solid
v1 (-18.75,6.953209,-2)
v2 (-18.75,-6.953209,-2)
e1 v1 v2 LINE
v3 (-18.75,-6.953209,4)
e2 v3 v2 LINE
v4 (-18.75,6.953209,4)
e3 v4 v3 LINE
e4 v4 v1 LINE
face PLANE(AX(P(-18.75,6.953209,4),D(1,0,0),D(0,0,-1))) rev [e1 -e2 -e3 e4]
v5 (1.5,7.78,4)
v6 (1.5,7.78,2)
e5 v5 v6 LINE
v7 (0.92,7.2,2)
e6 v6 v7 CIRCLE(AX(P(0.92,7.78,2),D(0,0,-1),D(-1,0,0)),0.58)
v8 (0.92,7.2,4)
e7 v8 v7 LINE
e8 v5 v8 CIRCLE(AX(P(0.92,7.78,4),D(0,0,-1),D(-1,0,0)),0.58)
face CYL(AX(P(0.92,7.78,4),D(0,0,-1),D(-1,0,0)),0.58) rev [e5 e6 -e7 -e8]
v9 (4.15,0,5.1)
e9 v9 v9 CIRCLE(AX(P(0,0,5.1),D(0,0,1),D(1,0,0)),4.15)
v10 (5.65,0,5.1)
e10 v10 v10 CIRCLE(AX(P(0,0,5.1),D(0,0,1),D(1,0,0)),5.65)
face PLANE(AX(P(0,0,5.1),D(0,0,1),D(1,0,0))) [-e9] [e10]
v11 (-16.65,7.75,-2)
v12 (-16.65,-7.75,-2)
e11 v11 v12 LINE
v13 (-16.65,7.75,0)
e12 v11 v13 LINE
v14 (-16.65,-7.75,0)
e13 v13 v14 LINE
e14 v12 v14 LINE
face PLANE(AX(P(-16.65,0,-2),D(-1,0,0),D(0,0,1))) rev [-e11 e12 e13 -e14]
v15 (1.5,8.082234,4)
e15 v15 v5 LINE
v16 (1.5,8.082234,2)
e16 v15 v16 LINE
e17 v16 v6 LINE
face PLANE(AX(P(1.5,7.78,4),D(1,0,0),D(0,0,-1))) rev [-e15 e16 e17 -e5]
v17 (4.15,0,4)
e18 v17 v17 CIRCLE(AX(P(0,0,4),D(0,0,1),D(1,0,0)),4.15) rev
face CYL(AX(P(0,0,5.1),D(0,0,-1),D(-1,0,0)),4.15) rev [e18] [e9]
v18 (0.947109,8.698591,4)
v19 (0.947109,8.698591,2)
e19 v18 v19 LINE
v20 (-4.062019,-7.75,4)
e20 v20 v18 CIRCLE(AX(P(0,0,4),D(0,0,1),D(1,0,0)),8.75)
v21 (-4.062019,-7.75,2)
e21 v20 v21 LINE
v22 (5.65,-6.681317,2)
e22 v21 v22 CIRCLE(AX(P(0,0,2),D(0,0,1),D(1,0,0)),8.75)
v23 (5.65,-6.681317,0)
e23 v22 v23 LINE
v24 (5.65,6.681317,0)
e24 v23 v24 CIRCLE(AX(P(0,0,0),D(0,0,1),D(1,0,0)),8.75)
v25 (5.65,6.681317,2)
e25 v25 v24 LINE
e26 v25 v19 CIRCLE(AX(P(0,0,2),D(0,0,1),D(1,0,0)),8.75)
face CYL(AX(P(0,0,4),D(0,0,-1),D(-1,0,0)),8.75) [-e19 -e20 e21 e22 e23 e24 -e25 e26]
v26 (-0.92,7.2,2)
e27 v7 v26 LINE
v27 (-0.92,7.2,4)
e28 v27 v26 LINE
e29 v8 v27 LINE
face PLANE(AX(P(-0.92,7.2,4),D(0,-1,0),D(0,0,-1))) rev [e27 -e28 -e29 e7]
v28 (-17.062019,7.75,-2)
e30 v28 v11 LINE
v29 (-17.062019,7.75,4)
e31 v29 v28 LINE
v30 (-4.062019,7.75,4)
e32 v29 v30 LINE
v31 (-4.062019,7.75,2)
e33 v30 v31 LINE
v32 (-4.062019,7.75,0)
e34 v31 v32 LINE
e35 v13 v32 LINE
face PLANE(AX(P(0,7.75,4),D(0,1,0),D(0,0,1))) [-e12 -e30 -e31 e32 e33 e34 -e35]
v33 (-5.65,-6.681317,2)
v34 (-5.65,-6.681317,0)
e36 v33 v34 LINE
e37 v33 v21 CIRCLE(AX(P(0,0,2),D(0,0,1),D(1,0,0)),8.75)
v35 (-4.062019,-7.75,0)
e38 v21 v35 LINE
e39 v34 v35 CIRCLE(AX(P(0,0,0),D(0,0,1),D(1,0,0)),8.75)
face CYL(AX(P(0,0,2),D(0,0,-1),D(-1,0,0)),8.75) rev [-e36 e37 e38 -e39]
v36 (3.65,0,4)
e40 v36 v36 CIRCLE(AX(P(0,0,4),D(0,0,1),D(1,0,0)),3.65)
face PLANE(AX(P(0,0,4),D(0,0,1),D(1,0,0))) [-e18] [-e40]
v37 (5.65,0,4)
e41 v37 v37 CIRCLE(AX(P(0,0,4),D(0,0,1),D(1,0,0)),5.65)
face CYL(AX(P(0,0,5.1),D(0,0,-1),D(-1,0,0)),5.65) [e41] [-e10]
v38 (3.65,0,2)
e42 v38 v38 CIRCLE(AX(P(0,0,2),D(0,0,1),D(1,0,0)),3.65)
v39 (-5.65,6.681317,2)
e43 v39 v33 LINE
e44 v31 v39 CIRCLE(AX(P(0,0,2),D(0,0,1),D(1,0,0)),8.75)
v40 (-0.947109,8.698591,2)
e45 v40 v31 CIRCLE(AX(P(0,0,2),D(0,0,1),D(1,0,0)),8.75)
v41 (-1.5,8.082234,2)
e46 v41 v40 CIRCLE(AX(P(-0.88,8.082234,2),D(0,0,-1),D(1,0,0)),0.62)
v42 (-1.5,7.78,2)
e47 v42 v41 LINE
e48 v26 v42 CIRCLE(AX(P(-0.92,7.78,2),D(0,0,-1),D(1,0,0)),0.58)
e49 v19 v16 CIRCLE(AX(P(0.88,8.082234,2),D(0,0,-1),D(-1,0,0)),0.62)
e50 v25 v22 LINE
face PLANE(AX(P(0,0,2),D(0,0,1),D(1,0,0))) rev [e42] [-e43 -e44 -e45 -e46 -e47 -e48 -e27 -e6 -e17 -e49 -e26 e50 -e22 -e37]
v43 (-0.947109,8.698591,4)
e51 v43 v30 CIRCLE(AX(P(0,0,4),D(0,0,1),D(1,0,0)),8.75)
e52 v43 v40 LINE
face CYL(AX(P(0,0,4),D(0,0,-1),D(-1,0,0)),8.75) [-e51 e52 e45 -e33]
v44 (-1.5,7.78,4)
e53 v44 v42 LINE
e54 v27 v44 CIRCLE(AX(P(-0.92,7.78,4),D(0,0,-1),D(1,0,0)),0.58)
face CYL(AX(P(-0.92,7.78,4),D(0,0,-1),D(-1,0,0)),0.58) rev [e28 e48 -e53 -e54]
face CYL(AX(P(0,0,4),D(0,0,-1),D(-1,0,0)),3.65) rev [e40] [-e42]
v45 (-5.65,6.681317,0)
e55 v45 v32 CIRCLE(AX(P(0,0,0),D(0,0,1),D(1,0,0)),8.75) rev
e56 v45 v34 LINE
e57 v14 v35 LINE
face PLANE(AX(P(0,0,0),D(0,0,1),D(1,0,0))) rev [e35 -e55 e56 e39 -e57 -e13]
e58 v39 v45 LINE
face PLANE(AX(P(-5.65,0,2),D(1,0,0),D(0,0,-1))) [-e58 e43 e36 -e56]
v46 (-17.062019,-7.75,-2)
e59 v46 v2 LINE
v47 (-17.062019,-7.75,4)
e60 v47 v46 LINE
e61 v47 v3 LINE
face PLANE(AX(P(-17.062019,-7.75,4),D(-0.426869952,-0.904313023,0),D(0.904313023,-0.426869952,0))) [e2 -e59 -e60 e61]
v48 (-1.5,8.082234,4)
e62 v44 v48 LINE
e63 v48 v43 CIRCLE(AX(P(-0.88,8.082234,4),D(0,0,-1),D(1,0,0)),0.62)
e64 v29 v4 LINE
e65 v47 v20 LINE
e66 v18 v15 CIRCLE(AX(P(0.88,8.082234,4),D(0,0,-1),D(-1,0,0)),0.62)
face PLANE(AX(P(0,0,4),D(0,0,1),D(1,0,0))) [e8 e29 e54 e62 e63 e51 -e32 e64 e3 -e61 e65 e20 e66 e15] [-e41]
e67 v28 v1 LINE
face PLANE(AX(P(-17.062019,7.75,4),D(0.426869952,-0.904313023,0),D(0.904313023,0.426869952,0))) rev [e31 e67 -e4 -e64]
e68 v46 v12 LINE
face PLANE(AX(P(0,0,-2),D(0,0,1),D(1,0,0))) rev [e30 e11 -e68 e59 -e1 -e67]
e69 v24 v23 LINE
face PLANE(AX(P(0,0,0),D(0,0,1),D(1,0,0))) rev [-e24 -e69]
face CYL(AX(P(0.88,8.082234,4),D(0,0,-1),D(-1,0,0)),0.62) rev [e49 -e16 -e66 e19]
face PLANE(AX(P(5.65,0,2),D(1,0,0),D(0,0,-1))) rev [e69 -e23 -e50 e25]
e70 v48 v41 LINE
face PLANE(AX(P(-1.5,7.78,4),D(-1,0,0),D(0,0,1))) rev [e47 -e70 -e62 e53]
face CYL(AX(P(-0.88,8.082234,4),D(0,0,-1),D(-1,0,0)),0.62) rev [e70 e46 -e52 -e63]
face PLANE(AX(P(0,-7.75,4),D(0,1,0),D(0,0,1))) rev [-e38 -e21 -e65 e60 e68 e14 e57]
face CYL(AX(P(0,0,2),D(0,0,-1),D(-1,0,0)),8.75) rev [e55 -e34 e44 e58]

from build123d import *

# Parameters (mm, degrees)
SKETCH_310_R           = 3.65
EXTRUDE_1379_DEPTH     = 4
SKETCH_1_3_R           = 3.65
CUT_EXTRUDE_1435_DEPTH = 2
CUT_EXTRUDE_2054_DEPTH = 2
EXTRUDE_2114_DEPTH     = 2
SKETCH_4_R             = 5.65
SKETCH_4_R_2           = 4.15
EXTRUDE_4_DEPTH        = 1.1


with BuildPart() as part:
    # Sketch 310 → Extrude 1379 (new body)
    with BuildSketch(Plane.XY):
        with BuildLine():
            Line((-4.062019202, 7.75), (-17.062019202, 7.75))
            Line((-17.062019202, 7.75), (-18.75, 6.953209217))
            Line((-18.75, 6.953209217), (-18.75, -6.953209217))
            Line((-18.75, -6.953209217), (-17.062019202, -7.75))
            Line((-17.062019202, -7.75), (-4.062019202, -7.75))
            ThreePointArc((-4.062019202, -7.75), (8.75, 0), (-4.062019202, 7.75))
        make_face()
        Circle(SKETCH_310_R, mode=Mode.SUBTRACT)
    extrude(amount=EXTRUDE_1379_DEPTH)

    # Эскиз1<3> → Cut-Extrude 1435 (cut)
    with BuildSketch(Plane.XY):
        with BuildLine():
            Line((5.65, -6.681317235), (5.65, 6.681317235))
            ThreePointArc((5.65, 6.681317235), (0, 8.75), (-5.65, 6.681317235))
            Line((-5.65, 6.681317235), (-5.65, -6.681317235))
            ThreePointArc((-5.65, -6.681317235), (0, -8.75), (5.65, -6.681317235))
        make_face()
        Circle(SKETCH_1_3_R, mode=Mode.SUBTRACT)
    extrude(amount=CUT_EXTRUDE_1435_DEPTH, mode=Mode.SUBTRACT)

    # Sketch 1681 → Cut-Extrude 2054 (cut)
    with BuildSketch(Plane(origin=(0, 0, 2), x_dir=(-1, 0, 0), z_dir=(0, 0, -1))):
        with BuildLine():
            Line((-1.5, 7.78), (-1.5, 8.082233602))
            ThreePointArc((-1.5, 8.082233602), (-1.341523495, 8.496233679), (-0.947109471, 8.6985909))
            ThreePointArc((-0.947109471, 8.6985909), (0, 8.75), (0.947109471, 8.6985909))
            ThreePointArc((0.947109471, 8.6985909), (1.341523495, 8.496233679), (1.5, 8.082233602))
            Line((1.5, 8.082233602), (1.5, 7.78))
            ThreePointArc((1.5, 7.78), (1.330121933, 7.369878067), (0.92, 7.2))
            Line((0.92, 7.2), (-0.92, 7.2))
            ThreePointArc((-0.92, 7.2), (-1.330121933, 7.369878067), (-1.5, 7.78))
        make_face()
    extrude(amount=-CUT_EXTRUDE_2054_DEPTH, mode=Mode.SUBTRACT)

    # Эскиз1<5> → Extrude 2114 (add)
    with BuildSketch(Plane.XY):
        Polygon((-16.65, -7.75), (-16.65, 7.75), (-17.062019202, 7.75), (-18.75, 6.953209217), (-18.75, -6.953209217), (-17.062019202, -7.75), align=None)
    extrude(amount=-EXTRUDE_2114_DEPTH)

    # Эскиз4 → Бобышка-Вытянуть4 (add)
    with BuildSketch(Plane.XY.offset(4)):
        Circle(SKETCH_4_R)
        Circle(SKETCH_4_R_2, mode=Mode.SUBTRACT)
    extrude(amount=EXTRUDE_4_DEPTH)


solid = part.part
